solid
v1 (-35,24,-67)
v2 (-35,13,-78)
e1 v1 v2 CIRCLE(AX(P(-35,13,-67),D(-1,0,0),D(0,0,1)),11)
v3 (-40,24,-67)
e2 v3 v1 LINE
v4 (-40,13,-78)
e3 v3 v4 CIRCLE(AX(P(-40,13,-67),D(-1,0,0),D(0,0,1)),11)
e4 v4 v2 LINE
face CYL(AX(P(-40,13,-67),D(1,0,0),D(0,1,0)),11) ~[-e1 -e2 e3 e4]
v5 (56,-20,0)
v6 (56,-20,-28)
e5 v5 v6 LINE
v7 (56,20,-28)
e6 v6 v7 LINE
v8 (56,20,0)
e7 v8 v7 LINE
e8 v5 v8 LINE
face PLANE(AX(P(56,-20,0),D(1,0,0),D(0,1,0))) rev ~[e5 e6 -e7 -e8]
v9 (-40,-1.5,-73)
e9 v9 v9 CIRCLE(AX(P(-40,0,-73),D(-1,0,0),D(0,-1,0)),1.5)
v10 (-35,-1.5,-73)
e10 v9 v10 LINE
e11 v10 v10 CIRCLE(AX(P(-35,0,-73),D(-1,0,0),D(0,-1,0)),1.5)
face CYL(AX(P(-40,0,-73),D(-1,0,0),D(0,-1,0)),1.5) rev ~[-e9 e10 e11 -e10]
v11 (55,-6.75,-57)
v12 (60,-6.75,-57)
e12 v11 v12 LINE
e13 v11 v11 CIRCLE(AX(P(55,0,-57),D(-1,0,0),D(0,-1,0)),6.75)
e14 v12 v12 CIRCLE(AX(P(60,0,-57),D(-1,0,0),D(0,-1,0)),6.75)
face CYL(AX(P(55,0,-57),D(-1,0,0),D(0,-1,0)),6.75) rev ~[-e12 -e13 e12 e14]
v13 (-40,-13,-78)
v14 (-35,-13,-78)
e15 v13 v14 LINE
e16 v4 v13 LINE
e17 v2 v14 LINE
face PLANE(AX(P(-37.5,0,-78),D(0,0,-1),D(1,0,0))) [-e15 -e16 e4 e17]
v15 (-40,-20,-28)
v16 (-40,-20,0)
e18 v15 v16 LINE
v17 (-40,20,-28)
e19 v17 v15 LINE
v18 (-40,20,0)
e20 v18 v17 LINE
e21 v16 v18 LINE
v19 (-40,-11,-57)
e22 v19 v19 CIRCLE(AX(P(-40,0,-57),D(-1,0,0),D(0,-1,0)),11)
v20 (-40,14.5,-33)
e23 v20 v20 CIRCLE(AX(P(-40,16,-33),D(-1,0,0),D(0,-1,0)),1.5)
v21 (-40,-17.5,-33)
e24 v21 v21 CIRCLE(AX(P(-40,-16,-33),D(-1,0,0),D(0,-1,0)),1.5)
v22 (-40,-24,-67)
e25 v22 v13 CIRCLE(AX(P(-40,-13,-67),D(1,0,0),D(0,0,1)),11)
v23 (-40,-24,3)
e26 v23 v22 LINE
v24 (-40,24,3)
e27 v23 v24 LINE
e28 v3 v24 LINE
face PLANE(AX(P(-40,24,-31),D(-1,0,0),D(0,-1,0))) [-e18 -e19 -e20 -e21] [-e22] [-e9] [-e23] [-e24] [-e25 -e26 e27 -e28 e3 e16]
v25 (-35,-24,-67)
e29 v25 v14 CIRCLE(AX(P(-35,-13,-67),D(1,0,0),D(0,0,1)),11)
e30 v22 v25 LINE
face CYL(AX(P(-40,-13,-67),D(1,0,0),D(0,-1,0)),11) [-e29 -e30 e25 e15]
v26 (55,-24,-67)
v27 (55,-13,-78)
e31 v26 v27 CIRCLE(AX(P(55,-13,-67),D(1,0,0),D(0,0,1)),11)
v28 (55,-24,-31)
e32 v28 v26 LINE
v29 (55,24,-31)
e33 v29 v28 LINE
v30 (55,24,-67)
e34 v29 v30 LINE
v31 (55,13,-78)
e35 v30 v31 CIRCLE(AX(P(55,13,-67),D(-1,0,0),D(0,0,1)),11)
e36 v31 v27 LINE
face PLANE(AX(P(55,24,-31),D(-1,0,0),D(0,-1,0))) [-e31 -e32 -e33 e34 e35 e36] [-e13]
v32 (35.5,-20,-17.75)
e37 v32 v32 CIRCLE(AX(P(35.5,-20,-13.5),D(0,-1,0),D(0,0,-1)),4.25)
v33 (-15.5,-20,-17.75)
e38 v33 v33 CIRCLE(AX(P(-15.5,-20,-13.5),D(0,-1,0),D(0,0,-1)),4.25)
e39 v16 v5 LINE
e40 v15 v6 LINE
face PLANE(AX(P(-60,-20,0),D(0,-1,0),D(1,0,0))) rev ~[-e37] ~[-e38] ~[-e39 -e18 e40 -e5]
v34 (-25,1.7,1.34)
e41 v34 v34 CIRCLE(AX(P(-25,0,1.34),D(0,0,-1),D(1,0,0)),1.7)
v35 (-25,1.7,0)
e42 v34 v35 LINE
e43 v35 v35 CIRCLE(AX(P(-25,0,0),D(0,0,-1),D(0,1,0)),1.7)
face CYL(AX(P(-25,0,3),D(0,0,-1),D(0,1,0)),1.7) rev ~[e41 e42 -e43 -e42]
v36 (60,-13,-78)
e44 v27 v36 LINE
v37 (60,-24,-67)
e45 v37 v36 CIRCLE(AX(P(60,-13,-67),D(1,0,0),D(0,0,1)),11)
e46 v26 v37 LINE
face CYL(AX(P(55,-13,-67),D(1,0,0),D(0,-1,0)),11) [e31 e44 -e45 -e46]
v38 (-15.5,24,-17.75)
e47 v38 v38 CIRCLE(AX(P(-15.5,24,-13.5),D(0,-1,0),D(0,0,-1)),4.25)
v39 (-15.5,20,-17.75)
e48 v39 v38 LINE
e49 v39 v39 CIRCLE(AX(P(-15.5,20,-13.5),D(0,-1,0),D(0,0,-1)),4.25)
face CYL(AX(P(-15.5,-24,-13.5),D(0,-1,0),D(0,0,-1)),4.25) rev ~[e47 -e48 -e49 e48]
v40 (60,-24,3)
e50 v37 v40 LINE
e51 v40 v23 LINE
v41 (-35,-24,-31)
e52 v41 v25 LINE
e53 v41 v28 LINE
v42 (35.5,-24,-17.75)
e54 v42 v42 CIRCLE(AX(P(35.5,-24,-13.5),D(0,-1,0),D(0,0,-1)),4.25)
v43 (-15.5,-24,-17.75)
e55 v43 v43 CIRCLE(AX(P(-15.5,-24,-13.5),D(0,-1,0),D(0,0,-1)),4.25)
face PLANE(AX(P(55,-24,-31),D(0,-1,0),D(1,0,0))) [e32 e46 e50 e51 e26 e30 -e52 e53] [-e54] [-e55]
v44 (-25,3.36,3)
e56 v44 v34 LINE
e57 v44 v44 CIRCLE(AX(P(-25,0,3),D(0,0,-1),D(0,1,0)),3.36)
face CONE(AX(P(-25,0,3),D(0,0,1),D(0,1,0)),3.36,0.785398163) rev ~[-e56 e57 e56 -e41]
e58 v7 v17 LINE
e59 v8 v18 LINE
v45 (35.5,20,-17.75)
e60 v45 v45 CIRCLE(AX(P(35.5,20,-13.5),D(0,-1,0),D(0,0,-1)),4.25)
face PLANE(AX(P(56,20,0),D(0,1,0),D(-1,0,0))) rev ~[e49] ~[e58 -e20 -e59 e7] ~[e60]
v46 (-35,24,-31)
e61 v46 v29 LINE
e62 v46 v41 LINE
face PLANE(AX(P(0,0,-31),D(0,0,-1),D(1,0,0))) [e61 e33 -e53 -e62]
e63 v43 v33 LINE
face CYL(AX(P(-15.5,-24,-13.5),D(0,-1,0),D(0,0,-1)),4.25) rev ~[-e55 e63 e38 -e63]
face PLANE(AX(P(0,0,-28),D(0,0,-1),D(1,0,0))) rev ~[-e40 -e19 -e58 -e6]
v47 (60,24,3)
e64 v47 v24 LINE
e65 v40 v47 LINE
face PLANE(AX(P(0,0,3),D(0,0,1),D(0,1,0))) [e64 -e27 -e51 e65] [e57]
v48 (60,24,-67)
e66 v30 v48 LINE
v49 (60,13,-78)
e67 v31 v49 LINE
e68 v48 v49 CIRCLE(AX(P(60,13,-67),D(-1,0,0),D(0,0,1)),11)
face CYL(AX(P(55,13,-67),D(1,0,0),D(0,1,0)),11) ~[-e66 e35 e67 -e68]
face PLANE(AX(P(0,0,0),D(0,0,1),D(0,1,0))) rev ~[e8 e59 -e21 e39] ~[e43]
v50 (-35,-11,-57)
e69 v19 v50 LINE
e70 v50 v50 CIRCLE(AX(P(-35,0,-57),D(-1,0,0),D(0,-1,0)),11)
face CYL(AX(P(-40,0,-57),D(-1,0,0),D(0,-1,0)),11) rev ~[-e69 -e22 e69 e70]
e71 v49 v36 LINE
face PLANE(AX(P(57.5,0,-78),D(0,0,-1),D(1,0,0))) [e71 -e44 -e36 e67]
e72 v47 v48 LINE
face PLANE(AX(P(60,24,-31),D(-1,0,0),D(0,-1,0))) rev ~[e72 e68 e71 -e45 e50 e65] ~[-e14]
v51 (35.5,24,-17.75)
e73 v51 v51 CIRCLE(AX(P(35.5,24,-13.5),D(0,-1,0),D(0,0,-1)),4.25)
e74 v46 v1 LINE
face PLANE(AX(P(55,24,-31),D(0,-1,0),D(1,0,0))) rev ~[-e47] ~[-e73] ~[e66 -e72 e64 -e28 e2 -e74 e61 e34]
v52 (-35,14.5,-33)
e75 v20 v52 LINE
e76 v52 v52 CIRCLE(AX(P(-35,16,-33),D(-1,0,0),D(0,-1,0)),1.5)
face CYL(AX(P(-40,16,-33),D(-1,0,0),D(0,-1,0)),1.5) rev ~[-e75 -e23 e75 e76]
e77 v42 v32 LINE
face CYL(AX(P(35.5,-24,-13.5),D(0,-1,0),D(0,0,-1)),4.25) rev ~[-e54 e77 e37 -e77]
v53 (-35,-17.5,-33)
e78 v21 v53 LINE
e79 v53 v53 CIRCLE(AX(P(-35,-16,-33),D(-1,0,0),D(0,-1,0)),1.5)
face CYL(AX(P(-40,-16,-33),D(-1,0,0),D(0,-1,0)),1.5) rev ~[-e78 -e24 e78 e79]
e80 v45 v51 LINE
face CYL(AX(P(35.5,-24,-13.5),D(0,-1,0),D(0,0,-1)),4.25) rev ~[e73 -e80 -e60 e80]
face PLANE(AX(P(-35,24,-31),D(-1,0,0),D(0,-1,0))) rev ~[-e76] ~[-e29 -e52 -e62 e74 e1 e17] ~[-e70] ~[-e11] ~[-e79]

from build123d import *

# Parameters (mm, degrees)
ESBO_O1_W                            = 48
ESBO_O1_H                            = 120
RESSALTO_EXTRUS_O1_DEPTH             = 3
RESSALTO_EXTRUS_O2_DEPTH             = 28
ESBO_O3_W                            = 120
ESBO_O3_H                            = 48
RESSALTO_EXTRUS_O3_DEPTH             = 3
ESBO_O4_W                            = 5
ESBO_O4_H                            = 48
RESSALTO_EXTRUS_O4_DEPTH             = 47
ESBO_O5_R                            = 11
CORTE_EXTRUS_O1_DEPTH                = 5
ESBO_O6_R                            = 4.25
CORTE_EXTRUS_O2_DEPTH                = 110.489725545
FILETE1_R                            = 11
ESBO_O7_R                            = 6.75
CORTE_EXTRUS_O3_DEPTH                = 142.014183684
ESBO_O8_W                            = 20
ESBO_O8_H                            = 48
CORTE_EXTRUS_O4_DEPTH                = 80.906195004
ESBO_O12_R                           = 1.5
CORTE_EXTRUS_O5_DEPTH                = 3
ESCAREADO_PARA_SFHCS_M31_D           = 3.4
ESCAREADO_PARA_SFHCS_M31_DEPTH       = 3
ESCAREADO_PARA_SFHCS_M31_CSINK_D     = 6.72
ESCAREADO_PARA_SFHCS_M31_CSINK_ANGLE = 90
ESCAREADO_PARA_SFHCS_M31_TIP         = 1.021463052
ESBO_O18_R                           = 1.5
CORTE_EXTRUS_O6_DEPTH                = 5


with BuildPart() as part:
    # Esboço1 → Ressalto-extrusão1 (new body)
    with BuildSketch(Plane(origin=(0, 0, 0), x_dir=(0, 1, 0), z_dir=(0, 0, 1))):
        Rectangle(ESBO_O1_W, ESBO_O1_H)
    extrude(amount=RESSALTO_EXTRUS_O1_DEPTH)

    # Esboço2 → Ressalto-extrusão2 (add)
    with BuildSketch(Plane(origin=(0, 0, 0), x_dir=(1, 0, 0), z_dir=(0, 0, -1))):
        Polygon((-60, -20), (-60, -24), (60, -24), (60, 24), (-60, 24), (-60, 20), (56, 20), (56, -20), align=None)
    extrude(amount=RESSALTO_EXTRUS_O2_DEPTH)

    # Esboço3 → Ressalto-extrusão3 (add)
    with BuildSketch(Plane(origin=(0, 0, -28), x_dir=(1, 0, 0), z_dir=(0, 0, -1))):
        Rectangle(ESBO_O3_W, ESBO_O3_H)
    extrude(amount=RESSALTO_EXTRUS_O3_DEPTH)

    # Esboço4 → Ressalto-extrusão4 (add)
    with BuildSketch(Plane(origin=(0, 0, -31), x_dir=(1, 0, 0), z_dir=(0, 0, -1))):
        with Locations((-37.5, 0)):
            Rectangle(ESBO_O4_W, ESBO_O4_H)
        with Locations((57.5, 0)):
            Rectangle(ESBO_O4_W, ESBO_O4_H)
    extrude(amount=RESSALTO_EXTRUS_O4_DEPTH)

    # Esboço5 → Corte-extrusão1 (cut)
    with BuildSketch(Plane(origin=(-40, 0, 0), x_dir=(0, -1, 0), z_dir=(-1, 0, 0))):
        with Locations((0, -57)):
            Circle(ESBO_O5_R)
    extrude(amount=-CORTE_EXTRUS_O1_DEPTH, mode=Mode.SUBTRACT)

    # Esboço6 → Corte-extrusão2 (cut, through all)
    with BuildSketch(Plane.XZ.offset(24)):
        with Locations(Location((-15.5, -13.5, 0), (0, 0, 270))):
            Circle(ESBO_O6_R)
        with Locations(Location((35.5, -13.5, 0), (0, 0, 270))):
            Circle(ESBO_O6_R)
    extrude(amount=-CORTE_EXTRUS_O2_DEPTH, mode=Mode.SUBTRACT)

    # Filete1
    filete1_edges = [part.edges().sort_by_distance(p)[0] for p in [
        (-37.5, 24, -78),
        (-37.5, -24, -78),
        (57.5, -24, -78),
        (57.5, 24, -78),
    ]]
    fillet(filete1_edges, radius=FILETE1_R)

    # Esboço7 → Corte-extrusão3 (cut, through all)
    with BuildSketch(Plane(origin=(55, 0, 0), x_dir=(0, -1, 0), z_dir=(-1, 0, 0))):
        with Locations((0, -57)):
            Circle(ESBO_O7_R)
    extrude(amount=-CORTE_EXTRUS_O3_DEPTH, mode=Mode.SUBTRACT)

    # Esboço8 → Corte-extrusão4 (cut, through all)
    with BuildSketch(Plane(origin=(0, 0, -31), x_dir=(1, 0, 0), z_dir=(0, 0, -1))):
        with Locations((-50, 0)):
            Rectangle(ESBO_O8_W, ESBO_O8_H)
    extrude(amount=-CORTE_EXTRUS_O4_DEPTH, mode=Mode.SUBTRACT)

    # Esboço12 → Corte-extrusão5 (cut)
    with BuildSketch(Plane.XY.offset(3)):
        with Locations((-25, 0)):
            Circle(ESBO_O12_R)
    extrude(amount=-CORTE_EXTRUS_O5_DEPTH, mode=Mode.SUBTRACT)

    # Escareado para SFHCS M31
    with Locations(Plane(origin=(0, 0, 3), x_dir=(0, -1, 0), z_dir=(0, 0, 1))):
        with Locations((0, -25)):
            CounterSinkHole(ESCAREADO_PARA_SFHCS_M31_D / 2, ESCAREADO_PARA_SFHCS_M31_CSINK_D / 2, depth=ESCAREADO_PARA_SFHCS_M31_DEPTH, counter_sink_angle=ESCAREADO_PARA_SFHCS_M31_CSINK_ANGLE)
            with Locations((0, 0, -(ESCAREADO_PARA_SFHCS_M31_DEPTH + ESCAREADO_PARA_SFHCS_M31_TIP / 2))):  # 118° drill point
                Cone(0, ESCAREADO_PARA_SFHCS_M31_D / 2, ESCAREADO_PARA_SFHCS_M31_TIP, mode=Mode.SUBTRACT)

    # Esboço18 → Corte-extrusão6 (cut)
    with BuildSketch(Plane(origin=(-40, 0, 0), x_dir=(0, -1, 0), z_dir=(-1, 0, 0))):
        with Locations((-16, -33)):
            Circle(ESBO_O18_R)
        with Locations((16, -33)):
            Circle(ESBO_O18_R)
        with Locations((0, -73)):
            Circle(ESBO_O18_R)
    extrude(amount=-CORTE_EXTRUS_O6_DEPTH, mode=Mode.SUBTRACT)


solid = part.part
